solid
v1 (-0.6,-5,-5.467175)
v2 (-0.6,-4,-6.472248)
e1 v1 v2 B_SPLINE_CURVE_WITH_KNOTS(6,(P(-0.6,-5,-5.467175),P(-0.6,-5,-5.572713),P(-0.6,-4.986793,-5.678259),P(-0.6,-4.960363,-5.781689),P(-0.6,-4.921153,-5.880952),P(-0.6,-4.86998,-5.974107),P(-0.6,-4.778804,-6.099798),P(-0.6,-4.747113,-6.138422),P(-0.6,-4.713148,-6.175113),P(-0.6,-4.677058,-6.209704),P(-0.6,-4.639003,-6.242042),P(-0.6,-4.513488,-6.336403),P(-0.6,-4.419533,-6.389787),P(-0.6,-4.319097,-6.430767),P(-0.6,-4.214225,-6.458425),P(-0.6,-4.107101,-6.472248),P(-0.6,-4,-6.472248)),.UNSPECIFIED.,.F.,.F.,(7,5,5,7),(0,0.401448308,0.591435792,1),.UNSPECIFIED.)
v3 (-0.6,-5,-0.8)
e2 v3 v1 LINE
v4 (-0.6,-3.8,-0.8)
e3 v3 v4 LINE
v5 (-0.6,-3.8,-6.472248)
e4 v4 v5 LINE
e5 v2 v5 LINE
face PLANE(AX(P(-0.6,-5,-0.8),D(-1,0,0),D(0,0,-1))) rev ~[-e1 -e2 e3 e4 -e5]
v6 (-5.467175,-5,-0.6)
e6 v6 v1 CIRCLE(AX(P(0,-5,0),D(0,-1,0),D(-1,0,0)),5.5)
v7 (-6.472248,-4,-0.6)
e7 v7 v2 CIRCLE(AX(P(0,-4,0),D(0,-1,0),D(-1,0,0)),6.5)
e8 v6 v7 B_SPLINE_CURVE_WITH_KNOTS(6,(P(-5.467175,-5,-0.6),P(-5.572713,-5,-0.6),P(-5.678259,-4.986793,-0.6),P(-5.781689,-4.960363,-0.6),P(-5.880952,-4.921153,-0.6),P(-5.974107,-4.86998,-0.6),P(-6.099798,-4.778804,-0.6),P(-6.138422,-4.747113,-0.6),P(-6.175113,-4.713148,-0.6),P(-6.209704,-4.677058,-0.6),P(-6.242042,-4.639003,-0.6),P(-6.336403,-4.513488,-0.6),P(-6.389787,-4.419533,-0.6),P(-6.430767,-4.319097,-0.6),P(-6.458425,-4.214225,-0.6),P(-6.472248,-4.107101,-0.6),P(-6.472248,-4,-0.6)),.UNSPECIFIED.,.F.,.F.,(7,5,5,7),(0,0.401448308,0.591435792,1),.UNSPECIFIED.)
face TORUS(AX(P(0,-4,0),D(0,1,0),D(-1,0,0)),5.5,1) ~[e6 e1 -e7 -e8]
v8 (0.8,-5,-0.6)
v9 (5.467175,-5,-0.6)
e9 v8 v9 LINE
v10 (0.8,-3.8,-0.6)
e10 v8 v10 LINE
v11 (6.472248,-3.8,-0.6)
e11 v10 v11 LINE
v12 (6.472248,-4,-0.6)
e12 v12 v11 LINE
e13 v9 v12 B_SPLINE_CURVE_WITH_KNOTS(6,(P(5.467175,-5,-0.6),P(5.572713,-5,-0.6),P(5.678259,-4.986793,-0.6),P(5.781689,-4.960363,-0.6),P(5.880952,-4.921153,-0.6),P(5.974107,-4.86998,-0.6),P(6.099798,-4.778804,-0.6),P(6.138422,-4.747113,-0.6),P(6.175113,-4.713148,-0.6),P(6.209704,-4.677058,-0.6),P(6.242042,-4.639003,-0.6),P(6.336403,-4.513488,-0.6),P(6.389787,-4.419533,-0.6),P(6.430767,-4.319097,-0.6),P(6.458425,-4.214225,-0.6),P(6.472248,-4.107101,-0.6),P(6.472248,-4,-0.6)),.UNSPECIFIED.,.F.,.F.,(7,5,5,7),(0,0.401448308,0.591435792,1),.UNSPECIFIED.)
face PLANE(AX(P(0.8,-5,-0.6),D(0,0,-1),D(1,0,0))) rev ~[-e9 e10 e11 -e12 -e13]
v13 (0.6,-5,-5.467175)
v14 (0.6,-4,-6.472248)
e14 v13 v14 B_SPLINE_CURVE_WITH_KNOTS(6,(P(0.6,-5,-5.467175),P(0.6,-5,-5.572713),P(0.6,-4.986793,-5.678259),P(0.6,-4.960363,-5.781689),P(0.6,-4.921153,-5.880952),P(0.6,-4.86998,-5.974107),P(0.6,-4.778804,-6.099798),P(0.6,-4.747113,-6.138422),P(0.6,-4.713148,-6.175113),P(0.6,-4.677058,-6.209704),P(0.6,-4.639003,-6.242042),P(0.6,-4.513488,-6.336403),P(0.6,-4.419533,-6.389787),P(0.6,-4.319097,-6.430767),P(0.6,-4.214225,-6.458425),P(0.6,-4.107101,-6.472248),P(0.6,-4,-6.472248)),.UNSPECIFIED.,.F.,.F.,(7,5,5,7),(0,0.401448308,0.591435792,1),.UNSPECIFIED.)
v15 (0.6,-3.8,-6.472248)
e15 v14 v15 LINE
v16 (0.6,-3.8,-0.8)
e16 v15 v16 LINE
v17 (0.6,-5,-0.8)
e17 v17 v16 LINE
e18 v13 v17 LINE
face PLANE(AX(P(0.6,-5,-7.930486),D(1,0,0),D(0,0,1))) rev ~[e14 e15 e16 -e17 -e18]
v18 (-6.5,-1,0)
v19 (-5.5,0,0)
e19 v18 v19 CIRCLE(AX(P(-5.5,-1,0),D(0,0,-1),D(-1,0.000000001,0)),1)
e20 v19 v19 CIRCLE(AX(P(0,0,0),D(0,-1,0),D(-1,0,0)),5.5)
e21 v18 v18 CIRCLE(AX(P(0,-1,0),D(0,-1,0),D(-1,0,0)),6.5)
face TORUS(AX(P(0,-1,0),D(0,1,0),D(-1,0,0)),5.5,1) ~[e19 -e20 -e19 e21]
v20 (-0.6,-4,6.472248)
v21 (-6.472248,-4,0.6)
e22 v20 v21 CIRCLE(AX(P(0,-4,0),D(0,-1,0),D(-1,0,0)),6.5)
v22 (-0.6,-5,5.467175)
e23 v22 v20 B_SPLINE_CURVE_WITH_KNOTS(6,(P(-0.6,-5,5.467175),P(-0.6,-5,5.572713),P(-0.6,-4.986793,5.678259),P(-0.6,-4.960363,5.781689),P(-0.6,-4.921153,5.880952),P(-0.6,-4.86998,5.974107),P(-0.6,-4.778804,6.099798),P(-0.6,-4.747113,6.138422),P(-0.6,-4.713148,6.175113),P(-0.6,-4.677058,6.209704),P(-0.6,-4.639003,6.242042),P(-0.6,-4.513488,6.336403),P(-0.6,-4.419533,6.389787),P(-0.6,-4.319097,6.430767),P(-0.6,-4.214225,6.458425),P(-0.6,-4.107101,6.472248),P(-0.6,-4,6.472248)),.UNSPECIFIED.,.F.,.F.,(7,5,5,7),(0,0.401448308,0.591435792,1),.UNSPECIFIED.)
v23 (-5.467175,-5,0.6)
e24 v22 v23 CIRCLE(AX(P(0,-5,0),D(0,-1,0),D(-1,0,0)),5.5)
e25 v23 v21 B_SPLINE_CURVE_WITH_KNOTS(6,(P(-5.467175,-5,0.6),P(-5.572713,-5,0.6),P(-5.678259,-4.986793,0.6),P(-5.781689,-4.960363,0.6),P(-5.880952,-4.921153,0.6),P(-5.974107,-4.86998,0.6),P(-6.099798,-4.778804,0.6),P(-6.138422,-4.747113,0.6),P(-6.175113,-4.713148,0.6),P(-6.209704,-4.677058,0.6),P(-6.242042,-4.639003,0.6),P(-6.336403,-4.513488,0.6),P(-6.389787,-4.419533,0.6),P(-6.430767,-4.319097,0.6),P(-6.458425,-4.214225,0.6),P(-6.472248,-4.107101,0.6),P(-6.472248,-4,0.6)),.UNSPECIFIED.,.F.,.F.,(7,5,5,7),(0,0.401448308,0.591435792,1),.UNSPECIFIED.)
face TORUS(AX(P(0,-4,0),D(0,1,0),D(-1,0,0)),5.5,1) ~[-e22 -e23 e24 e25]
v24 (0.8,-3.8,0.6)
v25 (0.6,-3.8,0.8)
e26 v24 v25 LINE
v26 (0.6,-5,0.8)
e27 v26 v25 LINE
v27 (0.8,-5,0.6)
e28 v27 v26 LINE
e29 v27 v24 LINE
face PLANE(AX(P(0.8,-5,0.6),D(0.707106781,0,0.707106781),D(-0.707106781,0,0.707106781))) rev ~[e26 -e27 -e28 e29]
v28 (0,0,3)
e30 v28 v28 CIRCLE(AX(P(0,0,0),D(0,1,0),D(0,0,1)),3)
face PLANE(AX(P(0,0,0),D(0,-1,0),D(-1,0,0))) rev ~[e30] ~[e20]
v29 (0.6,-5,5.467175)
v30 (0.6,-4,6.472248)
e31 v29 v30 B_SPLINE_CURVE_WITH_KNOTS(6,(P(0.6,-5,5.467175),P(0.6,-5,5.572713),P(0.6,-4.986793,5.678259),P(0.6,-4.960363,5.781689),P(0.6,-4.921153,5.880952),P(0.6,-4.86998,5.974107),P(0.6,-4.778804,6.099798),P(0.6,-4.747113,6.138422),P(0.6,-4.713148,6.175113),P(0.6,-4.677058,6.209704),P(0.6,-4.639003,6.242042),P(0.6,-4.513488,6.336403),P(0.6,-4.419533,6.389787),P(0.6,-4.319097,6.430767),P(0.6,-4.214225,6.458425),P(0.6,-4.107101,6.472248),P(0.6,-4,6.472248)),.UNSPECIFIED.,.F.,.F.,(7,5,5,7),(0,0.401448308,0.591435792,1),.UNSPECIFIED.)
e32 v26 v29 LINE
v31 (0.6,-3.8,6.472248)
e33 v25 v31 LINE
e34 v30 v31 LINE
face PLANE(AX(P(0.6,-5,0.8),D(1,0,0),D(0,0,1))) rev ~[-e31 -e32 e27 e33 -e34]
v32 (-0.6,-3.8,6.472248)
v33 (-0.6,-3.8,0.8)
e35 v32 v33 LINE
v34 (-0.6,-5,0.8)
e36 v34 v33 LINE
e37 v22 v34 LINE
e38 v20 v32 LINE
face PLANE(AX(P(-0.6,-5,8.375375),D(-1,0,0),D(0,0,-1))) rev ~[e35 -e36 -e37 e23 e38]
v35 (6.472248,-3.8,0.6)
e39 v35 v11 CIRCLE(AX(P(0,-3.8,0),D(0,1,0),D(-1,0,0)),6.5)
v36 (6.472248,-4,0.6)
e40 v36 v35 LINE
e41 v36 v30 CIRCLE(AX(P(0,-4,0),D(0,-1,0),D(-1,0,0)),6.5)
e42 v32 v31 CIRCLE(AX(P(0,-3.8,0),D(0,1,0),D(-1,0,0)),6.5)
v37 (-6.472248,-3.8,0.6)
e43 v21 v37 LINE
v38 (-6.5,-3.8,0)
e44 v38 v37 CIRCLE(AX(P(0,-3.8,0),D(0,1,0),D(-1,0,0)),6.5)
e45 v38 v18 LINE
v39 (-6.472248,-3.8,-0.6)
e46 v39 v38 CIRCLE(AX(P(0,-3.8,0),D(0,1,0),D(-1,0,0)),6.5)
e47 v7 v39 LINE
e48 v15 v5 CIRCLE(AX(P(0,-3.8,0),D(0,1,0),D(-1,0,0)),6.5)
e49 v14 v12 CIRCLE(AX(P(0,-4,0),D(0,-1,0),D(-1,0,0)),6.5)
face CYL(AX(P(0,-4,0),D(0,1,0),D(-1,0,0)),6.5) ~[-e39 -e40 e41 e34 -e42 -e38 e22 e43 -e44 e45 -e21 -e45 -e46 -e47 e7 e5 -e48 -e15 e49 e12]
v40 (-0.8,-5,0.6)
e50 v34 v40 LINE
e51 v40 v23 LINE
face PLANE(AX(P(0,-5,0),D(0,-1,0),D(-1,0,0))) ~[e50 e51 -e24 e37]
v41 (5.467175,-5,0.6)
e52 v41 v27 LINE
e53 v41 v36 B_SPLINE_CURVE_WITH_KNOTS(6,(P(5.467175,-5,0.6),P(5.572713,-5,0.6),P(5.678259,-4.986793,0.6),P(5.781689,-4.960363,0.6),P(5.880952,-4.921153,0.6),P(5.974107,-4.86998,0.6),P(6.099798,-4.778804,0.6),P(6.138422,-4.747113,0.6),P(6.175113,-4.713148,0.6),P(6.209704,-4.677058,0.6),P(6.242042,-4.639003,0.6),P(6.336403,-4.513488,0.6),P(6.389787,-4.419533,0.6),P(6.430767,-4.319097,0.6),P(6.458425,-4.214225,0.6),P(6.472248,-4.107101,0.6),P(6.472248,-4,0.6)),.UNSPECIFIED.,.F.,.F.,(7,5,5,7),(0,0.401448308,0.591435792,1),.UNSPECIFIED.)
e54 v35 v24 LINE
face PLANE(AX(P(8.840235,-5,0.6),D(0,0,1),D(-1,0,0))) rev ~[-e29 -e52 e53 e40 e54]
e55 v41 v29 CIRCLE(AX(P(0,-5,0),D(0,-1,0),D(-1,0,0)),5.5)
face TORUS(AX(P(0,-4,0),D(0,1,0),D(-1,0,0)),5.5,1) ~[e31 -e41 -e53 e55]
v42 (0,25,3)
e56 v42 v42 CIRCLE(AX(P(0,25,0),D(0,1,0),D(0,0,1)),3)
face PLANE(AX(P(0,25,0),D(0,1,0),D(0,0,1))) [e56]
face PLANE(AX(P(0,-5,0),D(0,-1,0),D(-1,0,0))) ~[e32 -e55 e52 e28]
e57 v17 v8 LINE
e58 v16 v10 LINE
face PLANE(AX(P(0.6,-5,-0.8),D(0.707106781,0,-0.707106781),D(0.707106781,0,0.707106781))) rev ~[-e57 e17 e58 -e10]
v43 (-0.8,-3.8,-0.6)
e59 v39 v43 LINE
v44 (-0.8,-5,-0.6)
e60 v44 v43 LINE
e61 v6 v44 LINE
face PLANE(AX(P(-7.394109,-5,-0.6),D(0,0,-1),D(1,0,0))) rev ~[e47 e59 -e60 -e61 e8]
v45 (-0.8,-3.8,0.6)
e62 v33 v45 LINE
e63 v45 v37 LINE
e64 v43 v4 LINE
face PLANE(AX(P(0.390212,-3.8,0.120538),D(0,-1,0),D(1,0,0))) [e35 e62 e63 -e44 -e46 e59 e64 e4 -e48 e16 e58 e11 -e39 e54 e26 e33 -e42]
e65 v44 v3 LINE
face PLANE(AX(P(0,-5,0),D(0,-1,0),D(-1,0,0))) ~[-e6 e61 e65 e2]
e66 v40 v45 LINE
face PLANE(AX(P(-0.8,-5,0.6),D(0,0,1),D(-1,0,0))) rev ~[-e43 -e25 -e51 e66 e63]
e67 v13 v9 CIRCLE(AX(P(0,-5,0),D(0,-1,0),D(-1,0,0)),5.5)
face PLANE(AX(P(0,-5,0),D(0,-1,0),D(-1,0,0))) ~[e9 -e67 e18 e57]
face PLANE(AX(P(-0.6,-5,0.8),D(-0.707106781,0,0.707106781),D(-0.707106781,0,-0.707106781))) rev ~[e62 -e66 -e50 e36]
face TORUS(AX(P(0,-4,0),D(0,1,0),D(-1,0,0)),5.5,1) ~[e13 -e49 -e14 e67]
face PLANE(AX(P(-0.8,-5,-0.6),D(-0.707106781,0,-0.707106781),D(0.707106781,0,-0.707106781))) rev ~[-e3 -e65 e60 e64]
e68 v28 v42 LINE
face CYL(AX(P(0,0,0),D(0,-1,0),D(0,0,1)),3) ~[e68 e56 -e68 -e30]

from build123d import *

# Parameters (mm, degrees)
SKETCH1_R           = 3
BOSS_EXTRUDE1_DEPTH = 25
CUT_EXTRUDE1_DEPTH  = 1.2


with BuildPart() as part:
    # Sketch1 → Boss-Extrude1 (new body)
    with BuildSketch(Plane(origin=(0, 0, 0), x_dir=(1, 0, 0), z_dir=(0, 1, 0))):
        with Locations(Location((0, 0, 0), (0, 0, 270))):
            Circle(SKETCH1_R)
    extrude(amount=BOSS_EXTRUDE1_DEPTH)

    # Sketch2 → Revolve1 (revolve)
    with BuildSketch(Plane.XY):
        with BuildLine():
            Line((0, 0), (0, -5))
            Line((0, -5), (-5.5, -5))
            ThreePointArc((-5.5, -5), (-6.207106781, -4.707106781), (-6.5, -4))
            Line((-6.5, -4), (-6.5, -1))
            ThreePointArc((-6.5, -1), (-6.207106781, -0.292893219), (-5.5, 0))
            Line((-5.5, 0), (0, 0))
        make_face()
    revolve(axis=Axis((0, 0, 0), (0, -1, 0)))

    # Sketch3 → Cut-Extrude1 (cut)
    with BuildSketch(Plane.XZ.offset(5)):
        Polygon((0.6, 8.375375313), (-0.6, 8.375375313), (-0.6, 0.8), (-0.8, 0.6), (-7.394108803, 0.6), (-7.394108803, -0.6), (-0.8, -0.6), (-0.6, -0.8), (-0.6, -7.930485814), (0.6, -7.930485814), (0.6, -0.8), (0.8, -0.6), (8.840235389, -0.6), (8.840235389, 0.6), (0.8, 0.6), (0.6, 0.8), align=None)
    extrude(amount=-CUT_EXTRUDE1_DEPTH, mode=Mode.SUBTRACT)


solid = part.part
